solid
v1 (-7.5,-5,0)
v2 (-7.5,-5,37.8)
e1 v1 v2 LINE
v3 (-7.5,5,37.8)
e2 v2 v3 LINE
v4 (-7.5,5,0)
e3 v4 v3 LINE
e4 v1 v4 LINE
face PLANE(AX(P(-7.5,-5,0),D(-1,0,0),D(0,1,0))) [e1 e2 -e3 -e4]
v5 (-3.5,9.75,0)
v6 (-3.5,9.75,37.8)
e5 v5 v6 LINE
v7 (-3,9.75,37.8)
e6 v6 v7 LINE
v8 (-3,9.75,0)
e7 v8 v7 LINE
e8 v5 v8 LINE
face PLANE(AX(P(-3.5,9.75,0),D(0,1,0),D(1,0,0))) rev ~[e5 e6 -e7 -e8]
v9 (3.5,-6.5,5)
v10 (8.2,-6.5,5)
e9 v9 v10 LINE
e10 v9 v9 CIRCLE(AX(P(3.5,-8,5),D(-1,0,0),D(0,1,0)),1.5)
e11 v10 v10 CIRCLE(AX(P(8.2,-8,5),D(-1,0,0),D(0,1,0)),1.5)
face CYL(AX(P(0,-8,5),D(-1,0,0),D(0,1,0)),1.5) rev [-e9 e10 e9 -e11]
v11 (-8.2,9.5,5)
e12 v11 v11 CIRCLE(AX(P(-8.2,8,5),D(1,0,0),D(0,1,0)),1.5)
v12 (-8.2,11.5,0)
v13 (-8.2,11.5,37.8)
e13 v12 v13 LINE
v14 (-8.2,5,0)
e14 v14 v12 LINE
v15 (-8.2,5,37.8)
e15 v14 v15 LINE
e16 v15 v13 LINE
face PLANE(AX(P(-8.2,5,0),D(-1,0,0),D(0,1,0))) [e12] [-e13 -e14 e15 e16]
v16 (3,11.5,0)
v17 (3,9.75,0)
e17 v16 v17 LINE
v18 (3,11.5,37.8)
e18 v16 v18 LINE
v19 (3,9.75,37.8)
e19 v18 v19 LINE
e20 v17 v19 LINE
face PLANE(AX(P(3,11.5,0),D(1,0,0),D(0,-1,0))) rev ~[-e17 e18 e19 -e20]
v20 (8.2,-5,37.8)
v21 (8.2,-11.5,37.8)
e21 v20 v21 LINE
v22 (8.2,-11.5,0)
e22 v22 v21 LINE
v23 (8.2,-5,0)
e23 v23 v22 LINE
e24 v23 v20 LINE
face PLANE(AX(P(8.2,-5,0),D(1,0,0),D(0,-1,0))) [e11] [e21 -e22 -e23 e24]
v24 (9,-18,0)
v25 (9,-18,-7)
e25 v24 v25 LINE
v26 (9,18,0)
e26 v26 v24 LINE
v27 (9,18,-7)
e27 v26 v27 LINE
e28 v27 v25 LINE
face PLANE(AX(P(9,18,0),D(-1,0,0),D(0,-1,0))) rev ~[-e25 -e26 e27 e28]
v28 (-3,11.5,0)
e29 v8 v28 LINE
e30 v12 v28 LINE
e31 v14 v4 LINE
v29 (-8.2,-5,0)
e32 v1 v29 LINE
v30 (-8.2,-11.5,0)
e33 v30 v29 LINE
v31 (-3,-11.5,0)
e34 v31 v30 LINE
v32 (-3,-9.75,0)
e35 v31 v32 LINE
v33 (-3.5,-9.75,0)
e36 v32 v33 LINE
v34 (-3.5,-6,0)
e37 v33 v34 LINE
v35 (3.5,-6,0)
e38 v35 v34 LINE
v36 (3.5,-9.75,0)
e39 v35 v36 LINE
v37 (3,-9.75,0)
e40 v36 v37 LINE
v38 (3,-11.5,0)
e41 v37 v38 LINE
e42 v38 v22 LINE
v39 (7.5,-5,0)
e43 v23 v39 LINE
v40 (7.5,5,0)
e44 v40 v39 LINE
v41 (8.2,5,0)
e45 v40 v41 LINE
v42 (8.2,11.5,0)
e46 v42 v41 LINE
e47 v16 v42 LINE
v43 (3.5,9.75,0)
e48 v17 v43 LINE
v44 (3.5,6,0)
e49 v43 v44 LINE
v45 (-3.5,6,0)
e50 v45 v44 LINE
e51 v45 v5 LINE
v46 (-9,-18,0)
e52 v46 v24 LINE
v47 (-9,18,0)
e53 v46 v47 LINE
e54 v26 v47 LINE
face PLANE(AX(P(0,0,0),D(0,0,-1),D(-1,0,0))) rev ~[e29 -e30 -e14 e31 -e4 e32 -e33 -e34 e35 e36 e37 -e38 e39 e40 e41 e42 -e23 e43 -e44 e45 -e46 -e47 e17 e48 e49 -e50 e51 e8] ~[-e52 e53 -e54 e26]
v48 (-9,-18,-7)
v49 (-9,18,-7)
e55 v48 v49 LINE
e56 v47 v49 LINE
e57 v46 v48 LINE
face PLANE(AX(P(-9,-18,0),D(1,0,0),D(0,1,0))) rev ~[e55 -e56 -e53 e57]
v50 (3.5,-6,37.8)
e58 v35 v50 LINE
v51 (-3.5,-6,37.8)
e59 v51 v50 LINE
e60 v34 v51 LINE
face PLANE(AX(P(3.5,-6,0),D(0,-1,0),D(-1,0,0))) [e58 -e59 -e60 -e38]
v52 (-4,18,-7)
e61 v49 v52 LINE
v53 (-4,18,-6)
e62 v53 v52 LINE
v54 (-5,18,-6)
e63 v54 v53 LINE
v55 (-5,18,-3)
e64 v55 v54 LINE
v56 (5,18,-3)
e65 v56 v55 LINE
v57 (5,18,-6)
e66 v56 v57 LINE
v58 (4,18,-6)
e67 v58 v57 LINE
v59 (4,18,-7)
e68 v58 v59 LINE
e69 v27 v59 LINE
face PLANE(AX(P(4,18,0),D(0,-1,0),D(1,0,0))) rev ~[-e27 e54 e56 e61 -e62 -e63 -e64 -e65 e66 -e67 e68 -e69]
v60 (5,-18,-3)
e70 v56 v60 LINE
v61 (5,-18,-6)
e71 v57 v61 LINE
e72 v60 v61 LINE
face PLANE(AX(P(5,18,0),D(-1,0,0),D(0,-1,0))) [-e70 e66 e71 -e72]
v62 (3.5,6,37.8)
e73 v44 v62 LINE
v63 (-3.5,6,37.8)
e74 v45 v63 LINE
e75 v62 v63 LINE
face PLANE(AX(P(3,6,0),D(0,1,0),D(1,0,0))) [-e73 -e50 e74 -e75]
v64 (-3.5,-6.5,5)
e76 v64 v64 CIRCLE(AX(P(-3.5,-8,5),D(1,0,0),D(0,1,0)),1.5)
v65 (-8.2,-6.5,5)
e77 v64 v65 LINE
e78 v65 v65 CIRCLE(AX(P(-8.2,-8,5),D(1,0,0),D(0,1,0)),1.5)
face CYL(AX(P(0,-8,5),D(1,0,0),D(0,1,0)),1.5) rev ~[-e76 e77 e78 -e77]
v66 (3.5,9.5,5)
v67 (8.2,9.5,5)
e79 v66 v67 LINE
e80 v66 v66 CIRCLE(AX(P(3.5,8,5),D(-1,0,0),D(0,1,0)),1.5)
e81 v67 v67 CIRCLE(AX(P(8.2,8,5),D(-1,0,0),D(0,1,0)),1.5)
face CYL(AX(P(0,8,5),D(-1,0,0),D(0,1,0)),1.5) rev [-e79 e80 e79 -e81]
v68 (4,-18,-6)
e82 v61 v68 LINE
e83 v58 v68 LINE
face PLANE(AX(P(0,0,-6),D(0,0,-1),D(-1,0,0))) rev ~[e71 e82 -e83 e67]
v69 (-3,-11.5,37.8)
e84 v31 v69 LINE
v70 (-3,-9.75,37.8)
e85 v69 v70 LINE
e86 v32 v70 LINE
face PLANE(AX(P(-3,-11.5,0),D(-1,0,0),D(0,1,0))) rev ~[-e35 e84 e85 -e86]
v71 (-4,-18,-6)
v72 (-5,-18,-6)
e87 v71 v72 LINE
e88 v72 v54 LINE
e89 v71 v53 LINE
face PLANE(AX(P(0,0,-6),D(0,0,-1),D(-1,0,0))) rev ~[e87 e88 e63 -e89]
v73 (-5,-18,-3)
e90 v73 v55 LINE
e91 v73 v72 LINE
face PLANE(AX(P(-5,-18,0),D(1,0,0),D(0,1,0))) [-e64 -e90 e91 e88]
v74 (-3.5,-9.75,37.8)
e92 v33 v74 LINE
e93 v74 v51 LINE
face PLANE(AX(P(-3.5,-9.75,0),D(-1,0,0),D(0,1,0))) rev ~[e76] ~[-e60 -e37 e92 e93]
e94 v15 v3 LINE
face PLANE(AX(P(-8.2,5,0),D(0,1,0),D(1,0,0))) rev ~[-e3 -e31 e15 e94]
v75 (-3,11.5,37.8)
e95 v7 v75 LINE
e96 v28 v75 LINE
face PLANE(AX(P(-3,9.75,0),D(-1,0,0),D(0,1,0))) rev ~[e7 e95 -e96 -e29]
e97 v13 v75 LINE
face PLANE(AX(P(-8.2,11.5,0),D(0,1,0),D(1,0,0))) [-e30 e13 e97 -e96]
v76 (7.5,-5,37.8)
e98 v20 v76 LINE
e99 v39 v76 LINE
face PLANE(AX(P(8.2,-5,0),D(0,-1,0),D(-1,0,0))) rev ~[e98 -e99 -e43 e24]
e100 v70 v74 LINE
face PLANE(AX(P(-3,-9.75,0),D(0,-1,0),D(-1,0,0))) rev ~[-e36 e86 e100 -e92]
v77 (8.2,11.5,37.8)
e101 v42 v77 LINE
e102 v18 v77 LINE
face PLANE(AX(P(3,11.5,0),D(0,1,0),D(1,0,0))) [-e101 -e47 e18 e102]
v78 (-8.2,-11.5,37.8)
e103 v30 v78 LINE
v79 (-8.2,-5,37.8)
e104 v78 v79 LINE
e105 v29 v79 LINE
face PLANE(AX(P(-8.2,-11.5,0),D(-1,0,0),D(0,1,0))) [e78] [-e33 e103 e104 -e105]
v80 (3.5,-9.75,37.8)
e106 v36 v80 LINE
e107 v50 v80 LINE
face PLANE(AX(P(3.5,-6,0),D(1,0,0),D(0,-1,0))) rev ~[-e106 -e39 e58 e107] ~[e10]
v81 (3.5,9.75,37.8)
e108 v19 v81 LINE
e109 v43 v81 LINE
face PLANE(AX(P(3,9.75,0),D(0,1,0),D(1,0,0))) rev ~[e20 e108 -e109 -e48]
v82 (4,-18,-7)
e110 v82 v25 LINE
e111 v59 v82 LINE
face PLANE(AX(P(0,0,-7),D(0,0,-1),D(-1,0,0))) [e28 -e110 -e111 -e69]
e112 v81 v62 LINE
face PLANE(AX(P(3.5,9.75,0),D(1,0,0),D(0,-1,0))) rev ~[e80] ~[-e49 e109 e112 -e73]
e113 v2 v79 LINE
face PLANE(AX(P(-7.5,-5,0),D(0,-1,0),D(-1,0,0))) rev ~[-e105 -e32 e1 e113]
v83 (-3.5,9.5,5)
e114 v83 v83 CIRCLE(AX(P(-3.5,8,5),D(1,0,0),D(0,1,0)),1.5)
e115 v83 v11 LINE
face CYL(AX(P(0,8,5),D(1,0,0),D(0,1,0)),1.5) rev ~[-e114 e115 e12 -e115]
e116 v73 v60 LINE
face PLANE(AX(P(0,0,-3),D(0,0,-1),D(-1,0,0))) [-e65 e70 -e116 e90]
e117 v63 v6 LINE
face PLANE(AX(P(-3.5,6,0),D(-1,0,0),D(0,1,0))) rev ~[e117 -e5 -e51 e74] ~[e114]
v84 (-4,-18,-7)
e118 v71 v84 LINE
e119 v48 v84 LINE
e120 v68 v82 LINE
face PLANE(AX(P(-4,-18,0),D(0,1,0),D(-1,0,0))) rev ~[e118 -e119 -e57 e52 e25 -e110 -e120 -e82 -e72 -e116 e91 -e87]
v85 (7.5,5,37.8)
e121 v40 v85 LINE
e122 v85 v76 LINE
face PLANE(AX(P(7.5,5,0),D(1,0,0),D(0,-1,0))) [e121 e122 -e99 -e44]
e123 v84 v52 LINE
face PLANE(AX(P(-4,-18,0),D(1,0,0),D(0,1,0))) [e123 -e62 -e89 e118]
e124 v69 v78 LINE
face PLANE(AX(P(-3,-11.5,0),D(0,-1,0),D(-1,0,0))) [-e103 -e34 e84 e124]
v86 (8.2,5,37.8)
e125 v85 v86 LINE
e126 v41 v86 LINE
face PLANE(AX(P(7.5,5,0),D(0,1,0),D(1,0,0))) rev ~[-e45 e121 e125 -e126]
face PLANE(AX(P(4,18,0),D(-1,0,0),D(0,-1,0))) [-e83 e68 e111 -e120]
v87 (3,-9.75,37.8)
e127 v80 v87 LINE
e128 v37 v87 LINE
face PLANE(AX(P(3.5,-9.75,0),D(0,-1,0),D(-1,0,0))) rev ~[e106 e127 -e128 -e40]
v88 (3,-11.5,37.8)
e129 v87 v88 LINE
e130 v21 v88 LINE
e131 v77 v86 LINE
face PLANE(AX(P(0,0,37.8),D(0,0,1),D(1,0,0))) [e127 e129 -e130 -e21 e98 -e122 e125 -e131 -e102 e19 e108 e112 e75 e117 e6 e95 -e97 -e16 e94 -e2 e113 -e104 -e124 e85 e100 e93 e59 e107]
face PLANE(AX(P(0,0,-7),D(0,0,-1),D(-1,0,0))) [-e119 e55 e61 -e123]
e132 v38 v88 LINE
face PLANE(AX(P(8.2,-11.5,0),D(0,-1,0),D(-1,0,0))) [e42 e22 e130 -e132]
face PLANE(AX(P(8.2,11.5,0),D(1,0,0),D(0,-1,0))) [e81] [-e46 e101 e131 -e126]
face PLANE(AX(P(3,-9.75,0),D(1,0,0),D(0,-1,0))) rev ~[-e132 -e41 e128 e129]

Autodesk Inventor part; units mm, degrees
ref_plane "XY Plane" through (0, 0, 0) normal (0, 0, 1) x (1, 0, 0)
sketch "Sketch1" plane through (0, 0, 0) normal (0, 0, 1) x (1, 0, 0)
  line L0 (8.2, -11.5) -> (-8.2, -11.5)
  line L1 (-8.2, -11.5) -> (-8.2, 11.5)
  line L2 (-8.2, 11.5) -> (8.2, 11.5)
  line L3 (8.2, 11.5) -> (8.2, -11.5)
  line L4 (8.2, -11.5) -> (-8.2, 11.5) construction
  line L5 (-8.2, -11.5) -> (8.2, 11.5) construction
  line L6 (8.2, -5) -> (-8.2, -5)
  line L7 (-8.2, -5) -> (-8.2, 5)
  line L8 (-8.2, 5) -> (8.2, 5)
  line L9 (8.2, 5) -> (8.2, -5)
  line L10 (8.2, -5) -> (-8.2, 5) construction
  line L11 (-8.2, -5) -> (8.2, 5) construction
  line L12 (7.5, -5) -> (-7.5, -5)
  line L13 (-7.5, -5) -> (-7.5, 5)
  line L14 (-7.5, 5) -> (7.5, 5)
  line L15 (7.5, 5) -> (7.5, -5)
  line L16 (7.5, -5) -> (-7.5, 5) construction
  line L17 (-7.5, -5) -> (7.5, 5) construction
  line L18 (3, -11.5) -> (-3, -11.5)
  line L19 (-3, -11.5) -> (-3, 11.5)
  line L20 (-3, 11.5) -> (3, 11.5)
  line L21 (3, 11.5) -> (3, -11.5)
  line L22 (3, -11.5) -> (-3, 11.5) construction
  line L23 (-3, -11.5) -> (3, 11.5) construction
  line L24 (3.5, -9.75) -> (-3.5, -9.75)
  line L25 (-3.5, -9.75) -> (-3.5, 9.75)
  line L26 (-3.5, 9.75) -> (3.5, 9.75)
  line L27 (3.5, 9.75) -> (3.5, -9.75)
  line L28 (3.5, -9.75) -> (-3.5, 9.75) construction
  line L29 (-3.5, -9.75) -> (3.5, 9.75) construction
  line L30 (3.5, -6) -> (-3.5, -6)
  line L31 (-3.5, -6) -> (-3.5, 6)
  line L32 (-3.5, 6) -> (3.5, 6)
  line L33 (3.5, 6) -> (3.5, -6)
  line L34 (3.5, -6) -> (-3.5, 6) construction
  line L35 (-3.5, -6) -> (3.5, 6) construction
  point P0 (0, 0)
  point P1 (-3, -9.75)
  point P2 (3, -9.75)
  point P3 (3, 9.75)
  point P4 (-3, 9.75)
  dimension "d0" = 23
  dimension "d1" = 16.4
  dimension "d2" = 10
  dimension "d3" = 15
  dimension "d4" = 6
  dimension "d5" = 19.5
  dimension "d6" = 7
  dimension "d7" = 12
extrude "Extrusion1" add sketch "Sketch1" along normal blind 37.8 contours L0 L21 L24 L27 L6 L3 | L0 L1 L6 L25 L24 L19 | L8 L27 L26 L21 L2 L3 | L6 L27 L8 L15 | L30 L19 L6 L21 | L21 L6 L27 L30 | L6 L21 L8 L27 | L30 L25 L6 L19 | L6 L19 L8 L21 | L8 L21 L32 L27 | L1 L2 L19 L26 L25 L8 | L13 L8 L25 L6 | L6 L25 L8 L19 | L8 L19 L32 L21 | L8 L25 L32 L19
sketch "Sketch2" plane through (0, 0, 0) normal (1, 0, 0) x (0, 1, 0)
  circle A0 centre (-8, 5) radius 1.5
  circle A1 centre (8, 5) radius 1.5
  line L0 (-6, 0) -> (-6, 37.8) projected
  line L1 (6, 10) -> (-6, 10)
  line L2 (-6, 10) -> (-6, 0)
  line L3 (-6, 0) -> (6, 0)
  line L4 (6, 0) -> (6, 10)
  line L5 (6, 10) -> (-6, 0) construction
  line L6 (-6, 10) -> (6, 0) construction
  point P0 (0, 0)
  point P1 (0, 5)
  point P2 (-6, 10)
  dimension "d10" = 3
  dimension "d11" = 3
  dimension "d12" = 16
  dimension "d13" = 8
  dimension "d14" = 5
  dimension "d17" = 10
extrude "Extrusion2" cut sketch "Sketch2" along normal through all both and the other way through all contours A0 | A1
sketch "Sketch3" plane through (0, 0, 0) normal (0, 0, -1) x (-1, 0, 0)
  line L0 (5, 18) -> (-5, 18)
  line L1 (-5, 18) -> (-5, -18)
  line L2 (-5, -18) -> (5, -18)
  line L3 (5, -18) -> (5, 18)
  line L4 (5, 18) -> (-5, -18) construction
  line L5 (-5, 18) -> (5, -18) construction
  line L6 (9, 18) -> (-9, 18)
  line L7 (-9, 18) -> (-9, -18)
  line L8 (-9, -18) -> (9, -18)
  line L9 (9, -18) -> (9, 18)
  line L10 (9, 18) -> (-9, -18) construction
  line L11 (-9, 18) -> (9, -18) construction
  line L12 (4, 18) -> (-4, 18)
  line L13 (-4, 18) -> (-4, -18)
  line L14 (-4, -18) -> (4, -18)
  line L15 (4, -18) -> (4, 18)
  line L16 (4, 18) -> (-4, -18) construction
  line L17 (-4, 18) -> (4, -18) construction
  point P0 (0, 0)
  point P1 (0, 18)
  point P2 (-5, 18)
  dimension "d20" = 10
  dimension "d21" = 18
  dimension "d22" = 36
  dimension "d23" = 36
  dimension "d24" = 8
extrude "Extrusion4" add sketch "Sketch3" along normal blind 7 contours L3 L2 L15 L0 | L6 L9 L8 L3 | L13 L2 L1 L0 | L1 L8 L7 L6
extrude "Extrusion5" cut sketch "Sketch3" along normal blind 6 contours L3 L2 L15 L0 | L13 L2 L1 L0
extrude "Extrusion6" add sketch "Sketch3" along normal blind 3 contours L3 L2 L15 L0 | L15 L2 L13 L0 | L13 L2 L1 L0
properties part number "Cylinder" material "Aluminum 6061"
